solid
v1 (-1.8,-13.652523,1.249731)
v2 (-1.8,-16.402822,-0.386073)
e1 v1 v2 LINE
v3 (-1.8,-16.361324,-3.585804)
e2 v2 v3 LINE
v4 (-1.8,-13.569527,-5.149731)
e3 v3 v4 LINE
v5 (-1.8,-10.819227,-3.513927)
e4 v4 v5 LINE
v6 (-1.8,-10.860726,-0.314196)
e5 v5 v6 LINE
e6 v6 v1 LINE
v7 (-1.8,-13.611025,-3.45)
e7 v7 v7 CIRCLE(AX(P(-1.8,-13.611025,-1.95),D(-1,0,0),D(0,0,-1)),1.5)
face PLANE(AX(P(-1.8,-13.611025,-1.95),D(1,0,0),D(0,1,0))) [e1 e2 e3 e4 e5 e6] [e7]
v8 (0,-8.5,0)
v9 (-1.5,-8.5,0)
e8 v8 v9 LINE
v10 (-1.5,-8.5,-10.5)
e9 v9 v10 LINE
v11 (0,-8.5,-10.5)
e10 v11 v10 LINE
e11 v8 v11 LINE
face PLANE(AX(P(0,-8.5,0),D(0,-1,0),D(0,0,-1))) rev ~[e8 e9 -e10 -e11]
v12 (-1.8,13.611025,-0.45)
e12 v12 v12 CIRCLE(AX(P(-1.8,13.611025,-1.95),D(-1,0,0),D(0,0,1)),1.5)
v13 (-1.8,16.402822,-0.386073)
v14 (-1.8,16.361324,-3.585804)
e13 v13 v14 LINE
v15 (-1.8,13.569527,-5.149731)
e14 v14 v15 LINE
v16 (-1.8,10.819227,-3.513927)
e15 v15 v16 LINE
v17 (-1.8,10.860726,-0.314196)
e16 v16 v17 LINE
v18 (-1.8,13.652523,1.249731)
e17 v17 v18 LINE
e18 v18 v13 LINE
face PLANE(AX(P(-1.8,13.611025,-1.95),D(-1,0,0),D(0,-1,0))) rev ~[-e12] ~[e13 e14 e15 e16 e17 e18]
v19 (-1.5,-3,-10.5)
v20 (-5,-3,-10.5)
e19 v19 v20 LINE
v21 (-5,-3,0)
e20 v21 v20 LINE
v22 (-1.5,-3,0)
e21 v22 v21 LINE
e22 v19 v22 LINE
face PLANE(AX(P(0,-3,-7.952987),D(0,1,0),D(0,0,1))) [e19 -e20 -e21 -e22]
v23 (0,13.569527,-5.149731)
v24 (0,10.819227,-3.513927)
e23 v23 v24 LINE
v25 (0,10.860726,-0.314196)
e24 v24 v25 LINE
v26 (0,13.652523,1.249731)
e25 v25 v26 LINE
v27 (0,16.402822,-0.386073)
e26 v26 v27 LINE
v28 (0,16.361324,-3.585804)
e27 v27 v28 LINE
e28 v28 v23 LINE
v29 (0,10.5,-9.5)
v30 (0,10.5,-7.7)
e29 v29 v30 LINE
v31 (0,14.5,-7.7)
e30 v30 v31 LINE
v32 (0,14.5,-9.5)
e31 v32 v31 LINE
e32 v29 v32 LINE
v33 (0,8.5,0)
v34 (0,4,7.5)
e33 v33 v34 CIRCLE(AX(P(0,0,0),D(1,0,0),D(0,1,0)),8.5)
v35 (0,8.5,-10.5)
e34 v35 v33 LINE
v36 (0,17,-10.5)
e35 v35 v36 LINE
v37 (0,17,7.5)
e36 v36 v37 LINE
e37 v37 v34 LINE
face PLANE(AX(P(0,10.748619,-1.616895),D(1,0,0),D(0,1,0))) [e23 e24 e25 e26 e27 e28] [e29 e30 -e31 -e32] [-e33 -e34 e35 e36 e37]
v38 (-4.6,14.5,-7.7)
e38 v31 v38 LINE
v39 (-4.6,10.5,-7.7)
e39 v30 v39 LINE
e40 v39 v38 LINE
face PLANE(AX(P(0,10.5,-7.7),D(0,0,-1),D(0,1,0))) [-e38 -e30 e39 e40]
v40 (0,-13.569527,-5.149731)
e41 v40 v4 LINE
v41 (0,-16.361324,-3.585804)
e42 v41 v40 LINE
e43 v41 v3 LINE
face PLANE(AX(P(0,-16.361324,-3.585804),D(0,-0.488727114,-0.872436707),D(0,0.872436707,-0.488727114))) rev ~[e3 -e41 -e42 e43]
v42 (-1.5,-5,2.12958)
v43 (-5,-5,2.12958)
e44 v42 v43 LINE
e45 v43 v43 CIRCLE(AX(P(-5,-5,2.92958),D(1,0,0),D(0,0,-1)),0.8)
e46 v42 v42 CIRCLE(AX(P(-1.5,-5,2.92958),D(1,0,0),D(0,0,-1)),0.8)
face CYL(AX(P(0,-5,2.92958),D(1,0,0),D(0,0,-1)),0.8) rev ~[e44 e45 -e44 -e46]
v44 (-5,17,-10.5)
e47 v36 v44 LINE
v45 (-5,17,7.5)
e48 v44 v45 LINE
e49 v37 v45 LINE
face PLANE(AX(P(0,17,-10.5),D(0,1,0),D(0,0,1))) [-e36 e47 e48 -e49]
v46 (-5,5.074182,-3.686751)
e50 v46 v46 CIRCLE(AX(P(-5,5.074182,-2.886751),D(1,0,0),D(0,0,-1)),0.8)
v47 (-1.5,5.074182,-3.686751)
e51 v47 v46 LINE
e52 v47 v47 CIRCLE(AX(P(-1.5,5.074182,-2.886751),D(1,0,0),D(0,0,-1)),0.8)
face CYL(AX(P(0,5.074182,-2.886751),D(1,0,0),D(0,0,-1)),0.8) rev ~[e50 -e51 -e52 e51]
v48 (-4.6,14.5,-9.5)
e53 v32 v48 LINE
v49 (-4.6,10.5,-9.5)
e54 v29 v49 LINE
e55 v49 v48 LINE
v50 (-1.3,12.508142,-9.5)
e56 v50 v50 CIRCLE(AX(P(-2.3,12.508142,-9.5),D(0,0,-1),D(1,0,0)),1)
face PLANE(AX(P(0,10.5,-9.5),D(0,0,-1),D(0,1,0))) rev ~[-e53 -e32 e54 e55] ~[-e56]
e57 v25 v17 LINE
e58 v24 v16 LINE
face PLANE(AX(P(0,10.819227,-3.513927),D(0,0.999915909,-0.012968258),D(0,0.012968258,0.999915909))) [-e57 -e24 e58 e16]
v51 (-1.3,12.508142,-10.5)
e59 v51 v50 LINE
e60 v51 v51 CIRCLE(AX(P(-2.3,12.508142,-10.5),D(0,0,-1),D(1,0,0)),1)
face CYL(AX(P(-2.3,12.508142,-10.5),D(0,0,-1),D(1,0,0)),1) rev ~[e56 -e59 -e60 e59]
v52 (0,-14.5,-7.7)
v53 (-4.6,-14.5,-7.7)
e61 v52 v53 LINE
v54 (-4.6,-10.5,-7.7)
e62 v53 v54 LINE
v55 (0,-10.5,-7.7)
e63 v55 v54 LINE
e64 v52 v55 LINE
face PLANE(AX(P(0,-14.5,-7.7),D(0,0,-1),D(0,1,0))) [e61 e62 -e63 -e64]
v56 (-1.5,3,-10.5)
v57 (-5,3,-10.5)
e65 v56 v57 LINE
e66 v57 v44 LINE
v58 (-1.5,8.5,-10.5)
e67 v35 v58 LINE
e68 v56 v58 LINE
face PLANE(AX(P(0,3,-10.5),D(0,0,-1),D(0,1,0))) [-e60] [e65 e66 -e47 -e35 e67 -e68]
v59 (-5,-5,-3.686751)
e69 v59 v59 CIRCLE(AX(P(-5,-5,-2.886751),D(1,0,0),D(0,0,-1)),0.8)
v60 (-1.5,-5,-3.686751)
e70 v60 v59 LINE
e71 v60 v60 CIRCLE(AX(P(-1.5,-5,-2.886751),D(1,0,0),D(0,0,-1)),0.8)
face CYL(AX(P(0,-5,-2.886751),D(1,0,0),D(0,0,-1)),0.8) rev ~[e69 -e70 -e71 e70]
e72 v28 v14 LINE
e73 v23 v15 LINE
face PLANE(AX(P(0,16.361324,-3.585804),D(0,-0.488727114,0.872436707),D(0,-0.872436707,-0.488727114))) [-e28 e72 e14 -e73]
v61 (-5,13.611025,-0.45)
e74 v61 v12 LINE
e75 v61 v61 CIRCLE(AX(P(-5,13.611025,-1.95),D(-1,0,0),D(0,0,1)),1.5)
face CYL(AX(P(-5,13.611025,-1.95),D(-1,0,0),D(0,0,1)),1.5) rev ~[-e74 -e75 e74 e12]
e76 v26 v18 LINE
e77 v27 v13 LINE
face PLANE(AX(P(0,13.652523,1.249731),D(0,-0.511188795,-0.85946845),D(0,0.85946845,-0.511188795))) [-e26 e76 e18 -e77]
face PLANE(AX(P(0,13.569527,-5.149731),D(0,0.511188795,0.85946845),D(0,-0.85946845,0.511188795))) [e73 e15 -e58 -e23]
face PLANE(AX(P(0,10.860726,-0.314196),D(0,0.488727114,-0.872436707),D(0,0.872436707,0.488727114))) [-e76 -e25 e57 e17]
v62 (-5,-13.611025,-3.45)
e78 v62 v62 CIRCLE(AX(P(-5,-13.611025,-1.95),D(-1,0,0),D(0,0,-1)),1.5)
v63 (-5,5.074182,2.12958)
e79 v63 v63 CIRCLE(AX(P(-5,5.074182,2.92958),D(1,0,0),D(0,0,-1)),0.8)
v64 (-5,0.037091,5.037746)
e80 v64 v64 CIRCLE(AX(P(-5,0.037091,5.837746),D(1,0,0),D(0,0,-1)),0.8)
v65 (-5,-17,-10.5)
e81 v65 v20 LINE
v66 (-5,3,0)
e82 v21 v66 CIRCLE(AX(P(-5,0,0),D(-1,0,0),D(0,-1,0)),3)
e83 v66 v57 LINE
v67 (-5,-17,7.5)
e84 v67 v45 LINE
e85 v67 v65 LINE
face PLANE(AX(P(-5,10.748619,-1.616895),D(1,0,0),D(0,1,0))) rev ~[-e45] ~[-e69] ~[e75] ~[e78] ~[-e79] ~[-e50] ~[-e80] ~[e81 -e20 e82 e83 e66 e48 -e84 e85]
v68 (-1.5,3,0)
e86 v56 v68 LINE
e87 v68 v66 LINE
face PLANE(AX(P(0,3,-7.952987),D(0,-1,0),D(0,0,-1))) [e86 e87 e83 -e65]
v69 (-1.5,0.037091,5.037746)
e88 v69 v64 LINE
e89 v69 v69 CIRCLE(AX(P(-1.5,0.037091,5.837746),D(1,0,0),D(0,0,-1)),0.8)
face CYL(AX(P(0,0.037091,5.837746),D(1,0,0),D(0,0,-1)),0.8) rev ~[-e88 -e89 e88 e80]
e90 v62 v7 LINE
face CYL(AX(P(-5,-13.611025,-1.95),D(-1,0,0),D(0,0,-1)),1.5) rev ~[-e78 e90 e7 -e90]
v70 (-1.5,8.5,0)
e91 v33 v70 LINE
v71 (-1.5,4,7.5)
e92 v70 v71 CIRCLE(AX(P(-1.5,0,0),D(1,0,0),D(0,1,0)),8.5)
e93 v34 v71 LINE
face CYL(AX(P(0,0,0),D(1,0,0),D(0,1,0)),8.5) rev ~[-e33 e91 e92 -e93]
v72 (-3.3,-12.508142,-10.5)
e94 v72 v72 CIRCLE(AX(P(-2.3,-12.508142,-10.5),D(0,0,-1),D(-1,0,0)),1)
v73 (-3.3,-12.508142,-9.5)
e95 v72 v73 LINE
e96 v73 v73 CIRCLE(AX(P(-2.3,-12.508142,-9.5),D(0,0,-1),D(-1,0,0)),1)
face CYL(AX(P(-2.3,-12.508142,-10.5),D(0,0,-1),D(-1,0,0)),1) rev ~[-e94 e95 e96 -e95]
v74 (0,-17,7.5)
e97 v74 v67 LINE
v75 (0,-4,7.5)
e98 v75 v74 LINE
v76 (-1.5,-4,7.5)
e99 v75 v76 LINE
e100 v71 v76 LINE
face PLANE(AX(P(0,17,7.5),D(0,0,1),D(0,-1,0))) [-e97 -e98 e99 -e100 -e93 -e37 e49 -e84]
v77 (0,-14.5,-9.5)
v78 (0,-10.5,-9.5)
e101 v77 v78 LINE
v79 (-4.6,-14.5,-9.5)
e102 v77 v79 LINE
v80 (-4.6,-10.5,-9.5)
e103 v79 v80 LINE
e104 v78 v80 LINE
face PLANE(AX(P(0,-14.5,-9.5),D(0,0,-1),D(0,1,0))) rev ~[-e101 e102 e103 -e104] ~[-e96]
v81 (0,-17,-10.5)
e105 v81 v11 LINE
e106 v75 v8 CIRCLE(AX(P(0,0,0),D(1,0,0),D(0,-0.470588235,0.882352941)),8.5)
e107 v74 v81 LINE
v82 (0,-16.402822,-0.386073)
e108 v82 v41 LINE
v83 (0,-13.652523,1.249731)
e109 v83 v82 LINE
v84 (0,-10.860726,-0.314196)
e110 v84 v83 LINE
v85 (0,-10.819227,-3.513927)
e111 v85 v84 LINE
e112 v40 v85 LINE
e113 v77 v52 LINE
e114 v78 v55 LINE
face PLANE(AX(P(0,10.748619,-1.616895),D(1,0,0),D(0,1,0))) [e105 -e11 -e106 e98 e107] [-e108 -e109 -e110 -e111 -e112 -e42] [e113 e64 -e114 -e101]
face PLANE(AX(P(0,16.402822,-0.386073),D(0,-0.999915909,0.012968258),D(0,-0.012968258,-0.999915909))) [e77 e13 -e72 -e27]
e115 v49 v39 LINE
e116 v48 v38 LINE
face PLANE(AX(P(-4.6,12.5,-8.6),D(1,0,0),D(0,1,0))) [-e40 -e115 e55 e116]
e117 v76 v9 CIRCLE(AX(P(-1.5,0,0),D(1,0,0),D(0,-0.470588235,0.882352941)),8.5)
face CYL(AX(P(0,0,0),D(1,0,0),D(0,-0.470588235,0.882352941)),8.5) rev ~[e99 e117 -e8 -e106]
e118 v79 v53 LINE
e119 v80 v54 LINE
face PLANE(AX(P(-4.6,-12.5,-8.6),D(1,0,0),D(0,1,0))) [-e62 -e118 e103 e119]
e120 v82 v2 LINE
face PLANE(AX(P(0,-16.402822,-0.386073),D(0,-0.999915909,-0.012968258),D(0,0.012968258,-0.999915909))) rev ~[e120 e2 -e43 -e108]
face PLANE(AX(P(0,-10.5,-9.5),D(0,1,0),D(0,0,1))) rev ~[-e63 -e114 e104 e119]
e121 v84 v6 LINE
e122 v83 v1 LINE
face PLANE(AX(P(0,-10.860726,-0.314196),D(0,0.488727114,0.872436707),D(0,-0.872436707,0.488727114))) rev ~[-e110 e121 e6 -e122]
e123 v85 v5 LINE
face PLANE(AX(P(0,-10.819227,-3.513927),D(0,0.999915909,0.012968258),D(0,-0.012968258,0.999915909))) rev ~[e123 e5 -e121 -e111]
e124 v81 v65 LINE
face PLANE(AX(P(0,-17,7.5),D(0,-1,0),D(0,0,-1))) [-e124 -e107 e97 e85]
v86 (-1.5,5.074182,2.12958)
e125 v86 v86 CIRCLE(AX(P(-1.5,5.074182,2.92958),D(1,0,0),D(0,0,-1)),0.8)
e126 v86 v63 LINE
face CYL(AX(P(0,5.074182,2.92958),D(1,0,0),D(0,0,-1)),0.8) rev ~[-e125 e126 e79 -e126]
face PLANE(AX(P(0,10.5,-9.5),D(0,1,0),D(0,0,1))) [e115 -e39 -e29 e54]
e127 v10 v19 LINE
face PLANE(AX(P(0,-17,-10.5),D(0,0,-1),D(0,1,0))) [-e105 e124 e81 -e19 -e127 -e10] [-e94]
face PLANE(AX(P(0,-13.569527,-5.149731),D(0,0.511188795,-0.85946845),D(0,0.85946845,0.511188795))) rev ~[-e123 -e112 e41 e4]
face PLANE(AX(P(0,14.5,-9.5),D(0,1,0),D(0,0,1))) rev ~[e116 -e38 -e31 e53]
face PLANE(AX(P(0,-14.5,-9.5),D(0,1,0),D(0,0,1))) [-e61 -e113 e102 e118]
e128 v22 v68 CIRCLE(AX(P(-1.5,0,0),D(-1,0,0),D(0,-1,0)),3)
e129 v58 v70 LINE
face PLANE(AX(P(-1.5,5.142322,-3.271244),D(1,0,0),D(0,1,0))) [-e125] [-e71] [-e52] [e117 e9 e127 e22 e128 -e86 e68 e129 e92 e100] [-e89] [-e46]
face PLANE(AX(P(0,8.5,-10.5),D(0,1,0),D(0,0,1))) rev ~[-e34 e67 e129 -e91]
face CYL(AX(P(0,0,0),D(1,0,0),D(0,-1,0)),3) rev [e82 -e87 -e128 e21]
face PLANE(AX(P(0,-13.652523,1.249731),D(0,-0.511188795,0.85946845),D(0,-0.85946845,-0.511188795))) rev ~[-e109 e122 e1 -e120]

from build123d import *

# Parameters (mm, degrees)
SKETCH_1_R          = 0.8
EXTRUDE_5_DEPTH     = 5
SKETCH_6_R          = 0.8
CUT_EXTRUDE_1_DEPTH = 1.5
SKETCH_7_R          = 1.5
CUT_EXTRUDE_2_DEPTH = 21.597329924
CUT_EXTRUDE_4_DEPTH = 1.8
SKETCH_9_R          = 1
CUT_EXTRUDE_5_DEPTH = 1
SKETCH_10_W         = 4
SKETCH_10_H         = 1.8
CUT_EXTRUDE_6_DEPTH = 4.6


with BuildPart() as part:
    # ｽｹｯﾁ1 → ﾎﾞｽ - 押し出し5 (new body)
    # profile 1 of 3: a face of its own
    with BuildSketch(Plane.YZ):
        with BuildLine():
            Line((-3, -10.5), (-3, -7.95298686))
            ThreePointArc((-3, -7.95298686), (-8.482257997, -0.548907345), (-4, 7.5))
            Line((-4, 7.5), (-17, 7.5))
            Line((-17, 7.5), (-17, -10.5))
            Line((-17, -10.5), (-3, -10.5))
        make_face()
    # profile 2 of 3: a face of its own
    with BuildSketch(Plane.YZ):
        with BuildLine():
            ThreePointArc((-3, 0), (0, 3), (3, 0))
            Line((3, 0), (3, -7.95298686))
            ThreePointArc((3, -7.95298686), (6.991065727, -4.834769901), (8.5, 0))
            ThreePointArc((8.5, 0), (7.288689869, 4.373213921), (4, 7.5))
            Line((4, 7.5), (-4, 7.5))
            ThreePointArc((-4, 7.5), (-8.482257997, -0.548907345), (-3, -7.95298686))
            Line((-3, -7.95298686), (-3, 0))
        make_face()
        with Locations(Location((-5, -2.886751346, 0), (0, 0, 270))):
            Circle(SKETCH_1_R, mode=Mode.SUBTRACT)
        with Locations(Location((5.074182173, -2.886751346, 0), (0, 0, 270))):
            Circle(SKETCH_1_R, mode=Mode.SUBTRACT)
        with Locations(Location((-5, 2.929580443, 0), (0, 0, 270))):
            Circle(SKETCH_1_R, mode=Mode.SUBTRACT)
        with Locations(Location((5.074182173, 2.929580443, 0), (0, 0, 270))):
            Circle(SKETCH_1_R, mode=Mode.SUBTRACT)
        with Locations(Location((0.037091086, 5.837746338, 0), (0, 0, 270))):
            Circle(SKETCH_1_R, mode=Mode.SUBTRACT)
    # profile 3 of 3: a face of its own
    with BuildSketch(Plane.YZ):
        with BuildLine():
            ThreePointArc((8.5, 0), (6.991065727, -4.834769901), (3, -7.95298686))
            Line((3, -7.95298686), (3, -10.5))
            Line((3, -10.5), (17, -10.5))
            Line((17, -10.5), (17, 7.5))
            Line((17, 7.5), (4, 7.5))
            ThreePointArc((4, 7.5), (7.288689869, 4.373213921), (8.5, 0))
        make_face()
    extrude(amount=-EXTRUDE_5_DEPTH)

    # ｽｹｯﾁ6 → ｶｯﾄ - 押し出し1 (cut)
    # profile 1 of 5: a face of its own
    with BuildSketch(Plane.YZ):
        with BuildLine():
            ThreePointArc((-4, 7.5), (-7.288689869, 4.373213921), (-8.5, 0))
            Line((-8.5, 0), (-3, 0))
            ThreePointArc((-3, 0), (0, 3), (3, 0))
            Line((3, 0), (8.5, 0))
            ThreePointArc((8.5, 0), (7.288689869, 4.373213921), (4, 7.5))
            Line((4, 7.5), (-4, 7.5))
        make_face()
        with Locations(Location((-5, 2.929580443, 0), (0, 0, 270))):
            Circle(SKETCH_6_R, mode=Mode.SUBTRACT)
        with Locations(Location((5.074182173, 2.929580443, 0), (0, 0, 270))):
            Circle(SKETCH_6_R, mode=Mode.SUBTRACT)
        with Locations(Location((0.037091086, 5.837746338, 0), (0, 0, 270))):
            Circle(SKETCH_6_R, mode=Mode.SUBTRACT)
    # profile 2 of 5: a face of its own
    with BuildSketch(Plane.YZ):
        with BuildLine():
            Line((-3, 0), (-8.5, 0))
            ThreePointArc((-8.5, 0), (-6.991065727, -4.834769901), (-3, -7.95298686))
            Line((-3, -7.95298686), (-3, 0))
        make_face()
        with Locations(Location((-5, -2.886751346, 0), (0, 0, 270))):
            Circle(SKETCH_6_R, mode=Mode.SUBTRACT)
    # profile 3 of 5: a face of its own
    with BuildSketch(Plane.YZ):
        with BuildLine():
            Line((8.5, 0), (3, 0))
            Line((3, 0), (3, -7.95298686))
            ThreePointArc((3, -7.95298686), (6.991065727, -4.834769901), (8.5, 0))
        make_face()
        with Locations(Location((5.074182173, -2.886751346, 0), (0, 0, 270))):
            Circle(SKETCH_6_R, mode=Mode.SUBTRACT)
    # profile 4 of 5: a face of its own
    with BuildSketch(Plane.YZ):
        with BuildLine():
            ThreePointArc((8.5, 0), (6.991065727, -4.834769901), (3, -7.95298686))
            Line((3, -7.95298686), (3, -10.5))
            Line((3, -10.5), (8.5, -10.5))
            Line((8.5, -10.5), (8.5, 0))
        make_face()
    # profile 5 of 5: a face of its own
    with BuildSketch(Plane.YZ):
        with BuildLine():
            ThreePointArc((-3, -7.95298686), (-6.991065727, -4.834769901), (-8.5, 0))
            Line((-8.5, 0), (-8.5, -10.5))
            Line((-8.5, -10.5), (-3, -10.5))
            Line((-3, -10.5), (-3, -7.95298686))
        make_face()
    extrude(amount=-CUT_EXTRUDE_1_DEPTH, mode=Mode.SUBTRACT)

    # ｽｹｯﾁ7 → ｶｯﾄ - 押し出し2 (cut, through all)
    with BuildSketch(Plane(origin=(-5, 0, 0), x_dir=(0, -1, 0), z_dir=(-1, 0, 0))):
        with Locations(Location((-13.611024943, -1.95, 0), (0, 0, 90))):
            Circle(SKETCH_7_R)
        with Locations(Location((13.611024943, -1.95, 0), (0, 0, 270))):
            Circle(SKETCH_7_R)
    extrude(amount=-CUT_EXTRUDE_2_DEPTH, mode=Mode.SUBTRACT)

    # ｽｹｯﾁ8 → ｶｯﾄ - 押し出し4 (cut)
    with BuildSketch(Plane.YZ):
        Polygon((10.81922748, -3.513926764), (10.860725904, -0.314195857), (13.652523367, 1.249730908), (16.402822406, -0.386073236), (16.361323982, -3.585804143), (13.569526519, -5.149730908), align=None)
        Polygon((-10.860725904, -0.314195857), (-13.652523367, 1.249730908), (-16.402822406, -0.386073236), (-16.361323982, -3.585804143), (-13.569526519, -5.149730908), (-10.81922748, -3.513926764), align=None)
    extrude(amount=-CUT_EXTRUDE_4_DEPTH, mode=Mode.SUBTRACT)

    # ｽｹｯﾁ9 → ｶｯﾄ - 押し出し5 (cut)
    with BuildSketch(Plane(origin=(0, 0, -10.5), x_dir=(1, 0, 0), z_dir=(0, 0, -1))):
        with Locations(Location((-2.3, 12.508141571, 0), (0, 0, 180))):
            Circle(SKETCH_9_R)
        with Locations((-2.3, -12.508141571)):
            Circle(SKETCH_9_R)
    extrude(amount=-CUT_EXTRUDE_5_DEPTH, mode=Mode.SUBTRACT)

    # ｽｹｯﾁ10 → ｶｯﾄ - 押し出し6 (cut)
    with BuildSketch(Plane.YZ):
        with Locations((-12.5, -8.6)):
            Rectangle(SKETCH_10_W, SKETCH_10_H)
        with Locations((12.5, -8.6)):
            Rectangle(SKETCH_10_W, SKETCH_10_H)
    extrude(amount=-CUT_EXTRUDE_6_DEPTH, mode=Mode.SUBTRACT)


solid = part.part
